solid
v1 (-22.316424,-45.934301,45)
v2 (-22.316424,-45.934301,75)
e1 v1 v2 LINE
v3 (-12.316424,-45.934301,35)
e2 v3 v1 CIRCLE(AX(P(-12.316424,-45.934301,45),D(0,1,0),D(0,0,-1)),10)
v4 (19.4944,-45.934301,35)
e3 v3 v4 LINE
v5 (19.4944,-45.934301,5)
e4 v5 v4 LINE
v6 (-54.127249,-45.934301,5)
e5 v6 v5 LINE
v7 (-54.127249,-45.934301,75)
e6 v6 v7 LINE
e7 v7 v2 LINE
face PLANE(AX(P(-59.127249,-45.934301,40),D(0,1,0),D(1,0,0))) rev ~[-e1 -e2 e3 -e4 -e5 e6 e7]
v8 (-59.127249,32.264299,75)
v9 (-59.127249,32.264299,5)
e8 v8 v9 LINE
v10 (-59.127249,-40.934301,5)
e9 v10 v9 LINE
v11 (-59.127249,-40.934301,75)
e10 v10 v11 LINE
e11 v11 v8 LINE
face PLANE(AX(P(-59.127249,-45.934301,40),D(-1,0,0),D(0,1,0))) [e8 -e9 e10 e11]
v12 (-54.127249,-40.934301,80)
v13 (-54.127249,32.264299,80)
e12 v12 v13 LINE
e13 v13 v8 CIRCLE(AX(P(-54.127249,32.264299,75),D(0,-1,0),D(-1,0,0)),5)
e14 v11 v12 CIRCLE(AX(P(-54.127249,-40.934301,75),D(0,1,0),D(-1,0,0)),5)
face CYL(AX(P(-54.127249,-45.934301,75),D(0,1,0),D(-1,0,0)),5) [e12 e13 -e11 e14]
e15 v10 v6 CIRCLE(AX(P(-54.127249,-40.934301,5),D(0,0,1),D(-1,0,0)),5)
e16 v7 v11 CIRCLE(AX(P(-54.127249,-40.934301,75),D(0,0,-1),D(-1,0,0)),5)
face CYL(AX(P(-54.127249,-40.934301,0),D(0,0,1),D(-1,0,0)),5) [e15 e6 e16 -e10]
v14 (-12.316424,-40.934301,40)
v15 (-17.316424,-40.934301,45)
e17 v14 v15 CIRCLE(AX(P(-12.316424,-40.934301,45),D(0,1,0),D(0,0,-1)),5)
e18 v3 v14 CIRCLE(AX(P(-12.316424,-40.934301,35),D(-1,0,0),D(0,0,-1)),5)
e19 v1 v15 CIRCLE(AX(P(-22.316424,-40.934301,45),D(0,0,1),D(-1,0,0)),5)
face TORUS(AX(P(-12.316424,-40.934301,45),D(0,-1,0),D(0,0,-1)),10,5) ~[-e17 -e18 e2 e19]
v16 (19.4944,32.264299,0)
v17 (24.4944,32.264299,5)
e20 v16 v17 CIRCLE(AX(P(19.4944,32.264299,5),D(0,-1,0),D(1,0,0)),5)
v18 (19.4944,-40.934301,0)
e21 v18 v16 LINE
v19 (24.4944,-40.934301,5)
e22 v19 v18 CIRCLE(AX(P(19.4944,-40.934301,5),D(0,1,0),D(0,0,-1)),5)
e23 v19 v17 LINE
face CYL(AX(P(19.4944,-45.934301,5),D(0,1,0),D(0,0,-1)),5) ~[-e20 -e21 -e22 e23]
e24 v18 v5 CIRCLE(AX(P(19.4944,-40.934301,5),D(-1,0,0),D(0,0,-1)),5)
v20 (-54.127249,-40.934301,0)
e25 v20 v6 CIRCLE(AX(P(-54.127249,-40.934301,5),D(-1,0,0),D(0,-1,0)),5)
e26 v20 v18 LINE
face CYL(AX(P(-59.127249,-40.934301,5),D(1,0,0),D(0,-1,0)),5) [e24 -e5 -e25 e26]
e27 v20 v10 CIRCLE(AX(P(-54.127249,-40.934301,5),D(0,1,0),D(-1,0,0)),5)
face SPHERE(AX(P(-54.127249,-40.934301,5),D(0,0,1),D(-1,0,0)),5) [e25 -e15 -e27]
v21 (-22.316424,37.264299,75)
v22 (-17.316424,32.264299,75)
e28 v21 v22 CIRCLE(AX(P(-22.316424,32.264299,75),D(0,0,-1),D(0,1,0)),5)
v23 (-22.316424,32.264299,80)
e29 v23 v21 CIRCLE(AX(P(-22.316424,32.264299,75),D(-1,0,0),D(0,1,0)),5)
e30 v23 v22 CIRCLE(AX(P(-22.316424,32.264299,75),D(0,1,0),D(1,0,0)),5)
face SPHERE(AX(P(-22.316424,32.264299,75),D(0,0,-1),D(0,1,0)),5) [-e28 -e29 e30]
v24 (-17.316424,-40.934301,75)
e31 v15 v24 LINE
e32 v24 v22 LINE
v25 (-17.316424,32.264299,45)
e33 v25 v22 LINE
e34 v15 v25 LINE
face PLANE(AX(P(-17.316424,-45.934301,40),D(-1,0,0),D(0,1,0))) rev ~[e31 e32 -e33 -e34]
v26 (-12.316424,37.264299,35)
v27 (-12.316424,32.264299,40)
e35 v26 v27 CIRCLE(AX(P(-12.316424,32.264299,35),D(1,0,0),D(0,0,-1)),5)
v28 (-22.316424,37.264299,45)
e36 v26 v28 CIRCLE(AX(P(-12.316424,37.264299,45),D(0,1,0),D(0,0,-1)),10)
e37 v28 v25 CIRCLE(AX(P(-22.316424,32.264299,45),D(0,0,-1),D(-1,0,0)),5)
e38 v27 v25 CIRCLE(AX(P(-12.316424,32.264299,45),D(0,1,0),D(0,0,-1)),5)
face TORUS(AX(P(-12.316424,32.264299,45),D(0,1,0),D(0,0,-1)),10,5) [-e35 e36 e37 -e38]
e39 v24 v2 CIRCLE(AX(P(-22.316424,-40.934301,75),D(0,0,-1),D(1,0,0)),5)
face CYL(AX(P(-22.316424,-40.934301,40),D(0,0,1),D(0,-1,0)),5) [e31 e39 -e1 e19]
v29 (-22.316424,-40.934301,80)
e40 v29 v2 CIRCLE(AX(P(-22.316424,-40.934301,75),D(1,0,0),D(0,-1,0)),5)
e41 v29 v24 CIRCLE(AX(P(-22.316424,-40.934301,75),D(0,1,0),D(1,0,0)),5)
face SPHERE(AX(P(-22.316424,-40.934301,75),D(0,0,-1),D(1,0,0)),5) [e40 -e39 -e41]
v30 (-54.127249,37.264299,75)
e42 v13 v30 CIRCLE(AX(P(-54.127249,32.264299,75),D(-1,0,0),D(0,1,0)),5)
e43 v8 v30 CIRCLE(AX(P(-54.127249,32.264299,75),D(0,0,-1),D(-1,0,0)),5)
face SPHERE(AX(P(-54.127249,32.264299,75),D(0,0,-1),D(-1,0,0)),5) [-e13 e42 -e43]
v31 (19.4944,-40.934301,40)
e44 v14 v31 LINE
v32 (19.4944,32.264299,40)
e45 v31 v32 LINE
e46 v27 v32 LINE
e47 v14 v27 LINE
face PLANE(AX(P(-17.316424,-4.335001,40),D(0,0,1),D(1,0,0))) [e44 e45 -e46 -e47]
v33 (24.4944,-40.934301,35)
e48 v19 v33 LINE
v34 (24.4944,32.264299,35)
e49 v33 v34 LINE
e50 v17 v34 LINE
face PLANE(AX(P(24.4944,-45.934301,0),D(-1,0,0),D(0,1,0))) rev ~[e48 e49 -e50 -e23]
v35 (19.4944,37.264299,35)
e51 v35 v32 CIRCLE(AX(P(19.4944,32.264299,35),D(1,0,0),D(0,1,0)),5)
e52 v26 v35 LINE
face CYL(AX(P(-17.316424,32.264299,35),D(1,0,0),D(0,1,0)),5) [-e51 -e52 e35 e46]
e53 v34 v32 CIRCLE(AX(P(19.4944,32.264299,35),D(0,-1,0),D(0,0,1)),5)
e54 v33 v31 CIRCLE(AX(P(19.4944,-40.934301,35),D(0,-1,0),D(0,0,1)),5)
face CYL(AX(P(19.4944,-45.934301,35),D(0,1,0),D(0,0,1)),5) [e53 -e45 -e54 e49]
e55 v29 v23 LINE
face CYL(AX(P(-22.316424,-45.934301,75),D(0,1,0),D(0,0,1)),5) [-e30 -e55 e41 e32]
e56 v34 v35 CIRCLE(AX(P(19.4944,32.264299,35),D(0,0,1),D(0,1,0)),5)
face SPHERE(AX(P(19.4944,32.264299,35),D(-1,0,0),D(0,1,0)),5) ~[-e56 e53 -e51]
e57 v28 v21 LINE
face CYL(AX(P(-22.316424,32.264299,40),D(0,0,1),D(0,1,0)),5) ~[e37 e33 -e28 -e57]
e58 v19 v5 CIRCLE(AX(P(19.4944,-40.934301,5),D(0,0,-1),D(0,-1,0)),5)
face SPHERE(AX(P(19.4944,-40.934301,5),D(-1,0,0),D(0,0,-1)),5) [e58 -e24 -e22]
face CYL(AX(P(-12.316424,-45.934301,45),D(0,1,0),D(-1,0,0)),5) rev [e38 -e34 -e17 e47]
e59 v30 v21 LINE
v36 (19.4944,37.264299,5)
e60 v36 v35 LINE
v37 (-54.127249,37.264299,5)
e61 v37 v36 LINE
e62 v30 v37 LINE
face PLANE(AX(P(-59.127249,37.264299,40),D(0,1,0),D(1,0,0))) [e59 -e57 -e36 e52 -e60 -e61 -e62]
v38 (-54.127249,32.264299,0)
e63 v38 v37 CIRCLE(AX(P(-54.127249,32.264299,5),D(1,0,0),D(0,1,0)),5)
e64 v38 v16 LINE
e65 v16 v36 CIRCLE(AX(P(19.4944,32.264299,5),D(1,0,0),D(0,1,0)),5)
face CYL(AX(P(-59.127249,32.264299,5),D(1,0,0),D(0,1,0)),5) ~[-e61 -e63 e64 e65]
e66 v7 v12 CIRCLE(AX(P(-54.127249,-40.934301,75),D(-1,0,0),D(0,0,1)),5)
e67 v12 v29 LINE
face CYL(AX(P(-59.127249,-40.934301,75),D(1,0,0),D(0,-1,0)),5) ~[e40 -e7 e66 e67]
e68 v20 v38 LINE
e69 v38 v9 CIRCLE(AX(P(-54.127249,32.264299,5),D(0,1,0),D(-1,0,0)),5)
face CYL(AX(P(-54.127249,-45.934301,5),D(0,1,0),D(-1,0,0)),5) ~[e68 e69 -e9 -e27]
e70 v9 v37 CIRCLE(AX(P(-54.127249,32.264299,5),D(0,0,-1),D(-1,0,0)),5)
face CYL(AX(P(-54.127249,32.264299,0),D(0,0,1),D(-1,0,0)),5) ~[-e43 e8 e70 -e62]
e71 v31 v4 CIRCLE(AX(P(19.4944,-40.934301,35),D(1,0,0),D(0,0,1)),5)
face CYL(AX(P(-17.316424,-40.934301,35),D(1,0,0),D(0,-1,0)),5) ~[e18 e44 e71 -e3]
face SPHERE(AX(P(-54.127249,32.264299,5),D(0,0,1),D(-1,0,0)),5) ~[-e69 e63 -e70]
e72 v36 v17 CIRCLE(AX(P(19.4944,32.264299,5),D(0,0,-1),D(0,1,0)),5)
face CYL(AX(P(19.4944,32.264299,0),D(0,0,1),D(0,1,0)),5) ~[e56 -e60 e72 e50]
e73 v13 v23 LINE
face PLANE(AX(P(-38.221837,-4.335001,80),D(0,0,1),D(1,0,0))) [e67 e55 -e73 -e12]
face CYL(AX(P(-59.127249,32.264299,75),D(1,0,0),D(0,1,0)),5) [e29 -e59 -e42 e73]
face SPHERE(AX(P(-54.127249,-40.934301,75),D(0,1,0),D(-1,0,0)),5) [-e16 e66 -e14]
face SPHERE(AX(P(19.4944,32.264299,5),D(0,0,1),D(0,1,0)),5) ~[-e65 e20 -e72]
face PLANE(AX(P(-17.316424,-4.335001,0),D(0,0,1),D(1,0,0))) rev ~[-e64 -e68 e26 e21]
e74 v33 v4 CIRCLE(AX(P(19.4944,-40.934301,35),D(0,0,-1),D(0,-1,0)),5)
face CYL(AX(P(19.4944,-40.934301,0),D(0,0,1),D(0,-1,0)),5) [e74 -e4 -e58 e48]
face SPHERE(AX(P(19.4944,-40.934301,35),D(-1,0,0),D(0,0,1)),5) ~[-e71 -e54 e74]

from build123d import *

# Parameters (mm, degrees)
F0_W     = 83.6216490716
F0_H     = 83.1985995173
F1_DEPTH = 40
F2_W     = 41.8108245358
F2_H     = 83.1985995173
F3_DEPTH = 40
F4_R     = 5


with BuildPart() as f1:
    # F0 (on Top) → F1 (new body)
    with BuildSketch(Plane.XY):
        with Locations((-17.3164242879, -4.335001111)):
            Rectangle(F0_W, F0_H)
    extrude(amount=F1_DEPTH)

    # F2 (on face) → F3 (join)
    with BuildSketch(Plane.XY.offset(40)):
        with Locations((-38.2218365557, -4.335001111)):
            Rectangle(F2_W, F2_H)
    extrude(amount=F3_DEPTH)

    # F4
    f4_edges = [f1.edges().sort_by_distance(p)[0] for p in [
        (-17.316424, -4.335001, 40),
        (-59.127249, 37.264299, 40),
        (-59.127249, -4.335001, 80),
        (-59.127249, -45.934301, 40),
        (-59.127249, -4.335001, 0),
        (3.588988, 37.264299, 40),
        (3.588988, -45.934301, 40),
        (24.4944, 37.264299, 20),
        (-17.316424, 37.264299, 60),
        (-38.221837, 37.264299, 80),
        (-17.316424, 37.264299, 0),
        (-17.316424, -45.934301, 60),
        (-17.316424, -45.934301, 0),
        (24.4944, -4.335001, 0),
        (24.4944, -4.335001, 40),
        (-17.316424, -4.335001, 80),
        (-38.221837, -45.934301, 80),
        (24.4944, -45.934301, 20),
    ]]
    fillet(f4_edges, radius=F4_R)


solid = f1.part
